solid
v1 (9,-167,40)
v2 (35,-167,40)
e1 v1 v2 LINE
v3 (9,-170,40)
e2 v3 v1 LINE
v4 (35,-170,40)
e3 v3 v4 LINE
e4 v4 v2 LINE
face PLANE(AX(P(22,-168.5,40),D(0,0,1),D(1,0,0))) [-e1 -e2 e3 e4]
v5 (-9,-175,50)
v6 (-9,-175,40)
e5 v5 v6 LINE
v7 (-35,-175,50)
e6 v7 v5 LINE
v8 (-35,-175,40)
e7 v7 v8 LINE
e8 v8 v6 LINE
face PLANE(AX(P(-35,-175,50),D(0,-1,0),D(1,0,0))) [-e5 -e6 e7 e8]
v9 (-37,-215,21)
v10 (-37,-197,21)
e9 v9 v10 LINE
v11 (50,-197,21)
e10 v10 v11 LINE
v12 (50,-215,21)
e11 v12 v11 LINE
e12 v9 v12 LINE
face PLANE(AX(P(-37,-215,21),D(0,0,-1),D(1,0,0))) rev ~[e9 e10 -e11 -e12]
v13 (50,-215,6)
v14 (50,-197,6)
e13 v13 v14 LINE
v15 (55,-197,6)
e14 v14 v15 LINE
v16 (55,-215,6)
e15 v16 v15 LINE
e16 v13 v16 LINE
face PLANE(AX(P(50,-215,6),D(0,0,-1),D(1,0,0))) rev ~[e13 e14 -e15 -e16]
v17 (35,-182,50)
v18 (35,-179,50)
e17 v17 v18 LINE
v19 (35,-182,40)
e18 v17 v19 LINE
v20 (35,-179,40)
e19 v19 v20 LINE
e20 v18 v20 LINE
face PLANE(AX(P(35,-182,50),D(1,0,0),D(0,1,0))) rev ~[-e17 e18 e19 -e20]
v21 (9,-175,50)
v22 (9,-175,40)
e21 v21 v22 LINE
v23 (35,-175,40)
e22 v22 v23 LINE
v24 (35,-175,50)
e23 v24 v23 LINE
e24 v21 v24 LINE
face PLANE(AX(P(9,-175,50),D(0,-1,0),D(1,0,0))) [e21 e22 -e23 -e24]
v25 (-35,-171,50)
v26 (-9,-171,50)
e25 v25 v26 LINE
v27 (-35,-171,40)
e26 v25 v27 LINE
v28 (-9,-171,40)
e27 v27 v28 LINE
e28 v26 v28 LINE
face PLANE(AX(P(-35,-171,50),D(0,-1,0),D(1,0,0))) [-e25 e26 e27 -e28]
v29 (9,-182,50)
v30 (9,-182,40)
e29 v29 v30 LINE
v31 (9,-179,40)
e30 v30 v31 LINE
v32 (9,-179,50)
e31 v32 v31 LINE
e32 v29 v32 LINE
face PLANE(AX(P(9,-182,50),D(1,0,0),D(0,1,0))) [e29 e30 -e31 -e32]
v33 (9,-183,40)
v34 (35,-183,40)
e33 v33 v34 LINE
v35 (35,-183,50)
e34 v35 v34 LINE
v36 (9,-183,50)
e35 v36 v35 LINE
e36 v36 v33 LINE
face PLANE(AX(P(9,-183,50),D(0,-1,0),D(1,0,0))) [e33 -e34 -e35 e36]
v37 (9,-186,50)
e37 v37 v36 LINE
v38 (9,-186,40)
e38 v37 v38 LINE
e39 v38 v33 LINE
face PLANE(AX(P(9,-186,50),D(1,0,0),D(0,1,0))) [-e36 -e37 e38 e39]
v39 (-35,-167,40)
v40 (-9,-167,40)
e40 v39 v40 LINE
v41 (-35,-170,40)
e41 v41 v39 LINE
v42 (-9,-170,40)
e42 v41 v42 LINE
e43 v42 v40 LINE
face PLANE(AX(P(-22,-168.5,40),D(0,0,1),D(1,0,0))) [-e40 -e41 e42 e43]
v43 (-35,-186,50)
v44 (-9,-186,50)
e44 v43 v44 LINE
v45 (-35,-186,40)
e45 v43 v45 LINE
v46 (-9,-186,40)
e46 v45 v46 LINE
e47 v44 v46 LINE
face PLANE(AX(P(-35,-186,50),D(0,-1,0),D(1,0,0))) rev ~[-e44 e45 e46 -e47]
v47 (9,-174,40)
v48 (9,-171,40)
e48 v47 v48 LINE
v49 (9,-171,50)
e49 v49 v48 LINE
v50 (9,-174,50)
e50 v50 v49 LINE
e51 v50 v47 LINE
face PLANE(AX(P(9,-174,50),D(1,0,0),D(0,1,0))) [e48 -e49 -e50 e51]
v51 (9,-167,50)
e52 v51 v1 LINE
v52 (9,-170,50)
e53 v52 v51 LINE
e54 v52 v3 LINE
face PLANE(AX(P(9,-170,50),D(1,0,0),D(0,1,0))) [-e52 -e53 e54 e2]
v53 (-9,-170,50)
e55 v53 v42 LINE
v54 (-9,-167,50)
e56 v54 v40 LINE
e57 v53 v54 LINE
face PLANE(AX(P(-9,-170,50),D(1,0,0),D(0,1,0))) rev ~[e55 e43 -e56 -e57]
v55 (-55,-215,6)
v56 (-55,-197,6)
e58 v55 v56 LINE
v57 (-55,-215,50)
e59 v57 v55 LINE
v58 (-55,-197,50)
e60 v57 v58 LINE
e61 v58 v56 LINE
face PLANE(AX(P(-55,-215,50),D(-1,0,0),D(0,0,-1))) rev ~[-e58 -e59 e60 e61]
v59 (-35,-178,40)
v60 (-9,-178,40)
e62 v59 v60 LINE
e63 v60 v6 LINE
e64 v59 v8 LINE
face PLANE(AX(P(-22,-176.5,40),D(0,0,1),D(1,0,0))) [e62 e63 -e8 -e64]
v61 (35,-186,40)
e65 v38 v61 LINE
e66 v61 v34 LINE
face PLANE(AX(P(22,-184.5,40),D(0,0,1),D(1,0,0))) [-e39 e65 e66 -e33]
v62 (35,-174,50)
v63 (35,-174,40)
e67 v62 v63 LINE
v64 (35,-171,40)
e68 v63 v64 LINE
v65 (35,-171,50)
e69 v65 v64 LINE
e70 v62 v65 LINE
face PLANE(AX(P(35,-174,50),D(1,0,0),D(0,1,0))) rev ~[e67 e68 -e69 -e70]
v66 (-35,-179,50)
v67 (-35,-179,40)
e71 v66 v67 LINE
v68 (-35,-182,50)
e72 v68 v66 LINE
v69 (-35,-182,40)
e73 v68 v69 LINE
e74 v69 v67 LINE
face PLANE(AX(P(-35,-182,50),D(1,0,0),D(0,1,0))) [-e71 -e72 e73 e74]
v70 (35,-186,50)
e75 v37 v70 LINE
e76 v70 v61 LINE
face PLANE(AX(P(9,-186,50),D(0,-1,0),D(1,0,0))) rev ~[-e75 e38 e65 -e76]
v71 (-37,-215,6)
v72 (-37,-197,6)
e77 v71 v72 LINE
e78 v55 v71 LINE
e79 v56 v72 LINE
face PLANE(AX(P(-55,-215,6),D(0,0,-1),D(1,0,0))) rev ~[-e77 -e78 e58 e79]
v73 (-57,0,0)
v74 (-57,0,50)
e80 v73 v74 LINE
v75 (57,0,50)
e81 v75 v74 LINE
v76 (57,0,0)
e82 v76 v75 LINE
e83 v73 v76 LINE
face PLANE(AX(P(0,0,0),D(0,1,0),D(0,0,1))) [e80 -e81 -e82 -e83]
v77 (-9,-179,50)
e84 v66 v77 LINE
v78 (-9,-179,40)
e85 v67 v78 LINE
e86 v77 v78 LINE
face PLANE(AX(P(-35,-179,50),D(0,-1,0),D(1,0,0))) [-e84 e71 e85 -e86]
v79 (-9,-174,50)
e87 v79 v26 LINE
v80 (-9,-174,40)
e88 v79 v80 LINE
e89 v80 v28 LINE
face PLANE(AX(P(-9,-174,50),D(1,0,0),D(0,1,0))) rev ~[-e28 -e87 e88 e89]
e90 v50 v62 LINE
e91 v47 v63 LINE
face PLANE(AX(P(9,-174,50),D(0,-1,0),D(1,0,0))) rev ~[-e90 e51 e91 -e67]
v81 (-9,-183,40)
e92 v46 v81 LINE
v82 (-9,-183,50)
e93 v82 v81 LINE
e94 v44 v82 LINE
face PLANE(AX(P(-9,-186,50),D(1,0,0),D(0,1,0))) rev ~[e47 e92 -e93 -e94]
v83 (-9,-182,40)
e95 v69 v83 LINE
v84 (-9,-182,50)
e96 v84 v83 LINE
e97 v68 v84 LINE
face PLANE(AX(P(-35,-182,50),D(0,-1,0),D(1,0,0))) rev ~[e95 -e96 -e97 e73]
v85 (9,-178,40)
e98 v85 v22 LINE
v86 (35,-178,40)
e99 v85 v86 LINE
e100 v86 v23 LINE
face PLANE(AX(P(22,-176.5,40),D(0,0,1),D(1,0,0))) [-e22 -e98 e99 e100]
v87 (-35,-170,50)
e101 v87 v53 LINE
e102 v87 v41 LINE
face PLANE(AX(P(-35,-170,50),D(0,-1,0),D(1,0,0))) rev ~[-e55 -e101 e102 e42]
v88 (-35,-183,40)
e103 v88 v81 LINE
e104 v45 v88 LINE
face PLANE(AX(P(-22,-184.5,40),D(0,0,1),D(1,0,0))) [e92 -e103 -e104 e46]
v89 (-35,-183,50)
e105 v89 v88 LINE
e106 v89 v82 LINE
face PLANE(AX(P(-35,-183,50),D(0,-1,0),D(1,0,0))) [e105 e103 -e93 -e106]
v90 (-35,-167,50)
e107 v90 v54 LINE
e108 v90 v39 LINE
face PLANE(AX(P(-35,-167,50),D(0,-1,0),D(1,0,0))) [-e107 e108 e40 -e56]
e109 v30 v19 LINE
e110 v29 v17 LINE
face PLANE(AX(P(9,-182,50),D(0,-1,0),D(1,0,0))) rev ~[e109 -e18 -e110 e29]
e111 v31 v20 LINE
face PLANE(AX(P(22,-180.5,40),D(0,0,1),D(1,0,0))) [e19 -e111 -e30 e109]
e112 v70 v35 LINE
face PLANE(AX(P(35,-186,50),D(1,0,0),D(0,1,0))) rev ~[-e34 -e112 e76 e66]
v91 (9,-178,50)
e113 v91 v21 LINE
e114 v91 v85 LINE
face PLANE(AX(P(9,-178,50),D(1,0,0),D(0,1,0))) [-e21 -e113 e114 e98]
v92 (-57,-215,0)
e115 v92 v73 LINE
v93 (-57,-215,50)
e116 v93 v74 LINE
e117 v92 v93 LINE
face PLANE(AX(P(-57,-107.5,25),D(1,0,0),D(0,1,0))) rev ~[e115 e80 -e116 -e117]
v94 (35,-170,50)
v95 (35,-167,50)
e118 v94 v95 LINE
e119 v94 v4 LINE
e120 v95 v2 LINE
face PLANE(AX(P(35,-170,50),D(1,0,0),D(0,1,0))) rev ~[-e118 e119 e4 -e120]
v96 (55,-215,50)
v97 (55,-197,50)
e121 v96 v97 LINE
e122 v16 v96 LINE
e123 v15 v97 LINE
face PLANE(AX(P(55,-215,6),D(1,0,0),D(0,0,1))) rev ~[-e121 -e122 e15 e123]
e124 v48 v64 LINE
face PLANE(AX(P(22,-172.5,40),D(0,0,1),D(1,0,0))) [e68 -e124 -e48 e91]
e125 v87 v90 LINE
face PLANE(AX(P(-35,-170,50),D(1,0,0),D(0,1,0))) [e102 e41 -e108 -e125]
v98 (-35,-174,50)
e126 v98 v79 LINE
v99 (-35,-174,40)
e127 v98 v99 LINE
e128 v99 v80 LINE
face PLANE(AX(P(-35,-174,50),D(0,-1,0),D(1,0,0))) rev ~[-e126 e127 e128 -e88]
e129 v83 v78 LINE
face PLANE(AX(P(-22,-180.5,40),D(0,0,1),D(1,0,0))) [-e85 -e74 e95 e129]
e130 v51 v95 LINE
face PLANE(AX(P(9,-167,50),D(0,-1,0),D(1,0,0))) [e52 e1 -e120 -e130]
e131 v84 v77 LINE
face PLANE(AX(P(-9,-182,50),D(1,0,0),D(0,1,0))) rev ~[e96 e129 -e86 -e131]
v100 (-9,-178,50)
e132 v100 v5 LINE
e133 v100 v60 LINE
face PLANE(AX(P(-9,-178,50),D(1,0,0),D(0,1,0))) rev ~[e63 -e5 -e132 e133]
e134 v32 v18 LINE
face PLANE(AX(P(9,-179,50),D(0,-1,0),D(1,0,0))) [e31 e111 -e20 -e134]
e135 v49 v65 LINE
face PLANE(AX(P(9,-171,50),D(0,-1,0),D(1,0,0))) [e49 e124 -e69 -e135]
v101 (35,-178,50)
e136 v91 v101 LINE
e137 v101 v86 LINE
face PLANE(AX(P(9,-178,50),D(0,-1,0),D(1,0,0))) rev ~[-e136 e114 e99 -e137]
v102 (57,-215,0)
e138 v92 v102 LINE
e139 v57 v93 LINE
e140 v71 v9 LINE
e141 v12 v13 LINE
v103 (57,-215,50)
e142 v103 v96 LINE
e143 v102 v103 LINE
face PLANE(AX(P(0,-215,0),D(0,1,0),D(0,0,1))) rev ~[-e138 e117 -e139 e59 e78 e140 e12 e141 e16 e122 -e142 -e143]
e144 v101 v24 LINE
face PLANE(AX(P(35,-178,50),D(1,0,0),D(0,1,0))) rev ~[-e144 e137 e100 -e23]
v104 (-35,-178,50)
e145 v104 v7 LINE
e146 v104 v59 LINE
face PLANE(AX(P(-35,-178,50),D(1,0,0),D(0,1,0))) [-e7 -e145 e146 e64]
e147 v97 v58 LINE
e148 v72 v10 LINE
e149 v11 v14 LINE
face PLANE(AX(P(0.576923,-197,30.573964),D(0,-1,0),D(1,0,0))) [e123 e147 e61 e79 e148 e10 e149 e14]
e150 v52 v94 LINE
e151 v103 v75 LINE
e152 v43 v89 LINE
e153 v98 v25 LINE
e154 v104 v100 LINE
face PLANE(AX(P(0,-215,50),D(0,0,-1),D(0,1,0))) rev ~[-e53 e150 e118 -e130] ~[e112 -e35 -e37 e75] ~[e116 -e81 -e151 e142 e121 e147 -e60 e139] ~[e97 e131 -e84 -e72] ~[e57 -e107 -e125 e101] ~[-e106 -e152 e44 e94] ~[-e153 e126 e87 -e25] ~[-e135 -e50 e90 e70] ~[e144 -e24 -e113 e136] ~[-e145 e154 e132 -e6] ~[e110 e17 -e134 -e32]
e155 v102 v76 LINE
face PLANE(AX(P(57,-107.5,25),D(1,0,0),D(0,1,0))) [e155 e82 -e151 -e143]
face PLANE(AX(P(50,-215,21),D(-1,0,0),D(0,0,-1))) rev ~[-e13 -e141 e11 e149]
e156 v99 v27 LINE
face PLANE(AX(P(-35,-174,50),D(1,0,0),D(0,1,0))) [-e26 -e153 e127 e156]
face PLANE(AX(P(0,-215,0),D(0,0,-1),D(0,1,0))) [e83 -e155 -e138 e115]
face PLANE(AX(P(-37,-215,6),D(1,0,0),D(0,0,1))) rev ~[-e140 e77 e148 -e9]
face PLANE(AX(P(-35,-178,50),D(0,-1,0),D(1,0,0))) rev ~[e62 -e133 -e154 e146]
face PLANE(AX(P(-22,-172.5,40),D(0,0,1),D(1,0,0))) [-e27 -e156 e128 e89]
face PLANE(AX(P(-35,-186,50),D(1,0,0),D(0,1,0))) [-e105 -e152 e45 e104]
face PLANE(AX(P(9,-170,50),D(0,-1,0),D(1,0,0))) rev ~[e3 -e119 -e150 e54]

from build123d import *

# Parameters (mm, degrees)
F0_W     = 215
F0_H     = 50
F1_DEPTH = 57
F3_DEPTH = 18
F4_W     = 26
F4_H     = 3
F5_DEPTH = 10


with BuildPart() as f1:
    # F0 (on Right) → F1 (new body, symmetric)
    with BuildSketch(Plane.YZ):
        with Locations((-107.5, 25)):
            Rectangle(F0_W, F0_H)
    extrude(amount=F1_DEPTH, both=True)

    # F2 (on face) → F3 (cut)
    with BuildSketch(Plane.XZ.offset(215)):
        Polygon((-55, 50), (-55, 6), (-37, 6), (-37, 21), (50, 21), (50, 6), (55, 6), (55, 50), align=None)
    extrude(amount=-F3_DEPTH, mode=Mode.SUBTRACT)

    # F4 (on face) → F5 (cut)
    with BuildSketch(Plane.XY.offset(50)):
        with Locations((22, -168.5)):
            Rectangle(F4_W, F4_H)
        with Locations((22, -172.5)):
            Rectangle(F4_W, F4_H)
        with Locations((22, -176.5)):
            Rectangle(F4_W, F4_H)
        with Locations((22, -180.5)):
            Rectangle(F4_W, F4_H)
        with Locations((22, -184.5)):
            Rectangle(F4_W, F4_H)
        with Locations((-22, -184.5)):
            Rectangle(F4_W, F4_H)
        with Locations((-22, -180.5)):
            Rectangle(F4_W, F4_H)
        with Locations((-22, -176.5)):
            Rectangle(F4_W, F4_H)
        with Locations((-22, -172.5)):
            Rectangle(F4_W, F4_H)
        with Locations((-22, -168.5)):
            Rectangle(F4_W, F4_H)
    extrude(amount=-F5_DEPTH, mode=Mode.SUBTRACT)


solid = f1.part
